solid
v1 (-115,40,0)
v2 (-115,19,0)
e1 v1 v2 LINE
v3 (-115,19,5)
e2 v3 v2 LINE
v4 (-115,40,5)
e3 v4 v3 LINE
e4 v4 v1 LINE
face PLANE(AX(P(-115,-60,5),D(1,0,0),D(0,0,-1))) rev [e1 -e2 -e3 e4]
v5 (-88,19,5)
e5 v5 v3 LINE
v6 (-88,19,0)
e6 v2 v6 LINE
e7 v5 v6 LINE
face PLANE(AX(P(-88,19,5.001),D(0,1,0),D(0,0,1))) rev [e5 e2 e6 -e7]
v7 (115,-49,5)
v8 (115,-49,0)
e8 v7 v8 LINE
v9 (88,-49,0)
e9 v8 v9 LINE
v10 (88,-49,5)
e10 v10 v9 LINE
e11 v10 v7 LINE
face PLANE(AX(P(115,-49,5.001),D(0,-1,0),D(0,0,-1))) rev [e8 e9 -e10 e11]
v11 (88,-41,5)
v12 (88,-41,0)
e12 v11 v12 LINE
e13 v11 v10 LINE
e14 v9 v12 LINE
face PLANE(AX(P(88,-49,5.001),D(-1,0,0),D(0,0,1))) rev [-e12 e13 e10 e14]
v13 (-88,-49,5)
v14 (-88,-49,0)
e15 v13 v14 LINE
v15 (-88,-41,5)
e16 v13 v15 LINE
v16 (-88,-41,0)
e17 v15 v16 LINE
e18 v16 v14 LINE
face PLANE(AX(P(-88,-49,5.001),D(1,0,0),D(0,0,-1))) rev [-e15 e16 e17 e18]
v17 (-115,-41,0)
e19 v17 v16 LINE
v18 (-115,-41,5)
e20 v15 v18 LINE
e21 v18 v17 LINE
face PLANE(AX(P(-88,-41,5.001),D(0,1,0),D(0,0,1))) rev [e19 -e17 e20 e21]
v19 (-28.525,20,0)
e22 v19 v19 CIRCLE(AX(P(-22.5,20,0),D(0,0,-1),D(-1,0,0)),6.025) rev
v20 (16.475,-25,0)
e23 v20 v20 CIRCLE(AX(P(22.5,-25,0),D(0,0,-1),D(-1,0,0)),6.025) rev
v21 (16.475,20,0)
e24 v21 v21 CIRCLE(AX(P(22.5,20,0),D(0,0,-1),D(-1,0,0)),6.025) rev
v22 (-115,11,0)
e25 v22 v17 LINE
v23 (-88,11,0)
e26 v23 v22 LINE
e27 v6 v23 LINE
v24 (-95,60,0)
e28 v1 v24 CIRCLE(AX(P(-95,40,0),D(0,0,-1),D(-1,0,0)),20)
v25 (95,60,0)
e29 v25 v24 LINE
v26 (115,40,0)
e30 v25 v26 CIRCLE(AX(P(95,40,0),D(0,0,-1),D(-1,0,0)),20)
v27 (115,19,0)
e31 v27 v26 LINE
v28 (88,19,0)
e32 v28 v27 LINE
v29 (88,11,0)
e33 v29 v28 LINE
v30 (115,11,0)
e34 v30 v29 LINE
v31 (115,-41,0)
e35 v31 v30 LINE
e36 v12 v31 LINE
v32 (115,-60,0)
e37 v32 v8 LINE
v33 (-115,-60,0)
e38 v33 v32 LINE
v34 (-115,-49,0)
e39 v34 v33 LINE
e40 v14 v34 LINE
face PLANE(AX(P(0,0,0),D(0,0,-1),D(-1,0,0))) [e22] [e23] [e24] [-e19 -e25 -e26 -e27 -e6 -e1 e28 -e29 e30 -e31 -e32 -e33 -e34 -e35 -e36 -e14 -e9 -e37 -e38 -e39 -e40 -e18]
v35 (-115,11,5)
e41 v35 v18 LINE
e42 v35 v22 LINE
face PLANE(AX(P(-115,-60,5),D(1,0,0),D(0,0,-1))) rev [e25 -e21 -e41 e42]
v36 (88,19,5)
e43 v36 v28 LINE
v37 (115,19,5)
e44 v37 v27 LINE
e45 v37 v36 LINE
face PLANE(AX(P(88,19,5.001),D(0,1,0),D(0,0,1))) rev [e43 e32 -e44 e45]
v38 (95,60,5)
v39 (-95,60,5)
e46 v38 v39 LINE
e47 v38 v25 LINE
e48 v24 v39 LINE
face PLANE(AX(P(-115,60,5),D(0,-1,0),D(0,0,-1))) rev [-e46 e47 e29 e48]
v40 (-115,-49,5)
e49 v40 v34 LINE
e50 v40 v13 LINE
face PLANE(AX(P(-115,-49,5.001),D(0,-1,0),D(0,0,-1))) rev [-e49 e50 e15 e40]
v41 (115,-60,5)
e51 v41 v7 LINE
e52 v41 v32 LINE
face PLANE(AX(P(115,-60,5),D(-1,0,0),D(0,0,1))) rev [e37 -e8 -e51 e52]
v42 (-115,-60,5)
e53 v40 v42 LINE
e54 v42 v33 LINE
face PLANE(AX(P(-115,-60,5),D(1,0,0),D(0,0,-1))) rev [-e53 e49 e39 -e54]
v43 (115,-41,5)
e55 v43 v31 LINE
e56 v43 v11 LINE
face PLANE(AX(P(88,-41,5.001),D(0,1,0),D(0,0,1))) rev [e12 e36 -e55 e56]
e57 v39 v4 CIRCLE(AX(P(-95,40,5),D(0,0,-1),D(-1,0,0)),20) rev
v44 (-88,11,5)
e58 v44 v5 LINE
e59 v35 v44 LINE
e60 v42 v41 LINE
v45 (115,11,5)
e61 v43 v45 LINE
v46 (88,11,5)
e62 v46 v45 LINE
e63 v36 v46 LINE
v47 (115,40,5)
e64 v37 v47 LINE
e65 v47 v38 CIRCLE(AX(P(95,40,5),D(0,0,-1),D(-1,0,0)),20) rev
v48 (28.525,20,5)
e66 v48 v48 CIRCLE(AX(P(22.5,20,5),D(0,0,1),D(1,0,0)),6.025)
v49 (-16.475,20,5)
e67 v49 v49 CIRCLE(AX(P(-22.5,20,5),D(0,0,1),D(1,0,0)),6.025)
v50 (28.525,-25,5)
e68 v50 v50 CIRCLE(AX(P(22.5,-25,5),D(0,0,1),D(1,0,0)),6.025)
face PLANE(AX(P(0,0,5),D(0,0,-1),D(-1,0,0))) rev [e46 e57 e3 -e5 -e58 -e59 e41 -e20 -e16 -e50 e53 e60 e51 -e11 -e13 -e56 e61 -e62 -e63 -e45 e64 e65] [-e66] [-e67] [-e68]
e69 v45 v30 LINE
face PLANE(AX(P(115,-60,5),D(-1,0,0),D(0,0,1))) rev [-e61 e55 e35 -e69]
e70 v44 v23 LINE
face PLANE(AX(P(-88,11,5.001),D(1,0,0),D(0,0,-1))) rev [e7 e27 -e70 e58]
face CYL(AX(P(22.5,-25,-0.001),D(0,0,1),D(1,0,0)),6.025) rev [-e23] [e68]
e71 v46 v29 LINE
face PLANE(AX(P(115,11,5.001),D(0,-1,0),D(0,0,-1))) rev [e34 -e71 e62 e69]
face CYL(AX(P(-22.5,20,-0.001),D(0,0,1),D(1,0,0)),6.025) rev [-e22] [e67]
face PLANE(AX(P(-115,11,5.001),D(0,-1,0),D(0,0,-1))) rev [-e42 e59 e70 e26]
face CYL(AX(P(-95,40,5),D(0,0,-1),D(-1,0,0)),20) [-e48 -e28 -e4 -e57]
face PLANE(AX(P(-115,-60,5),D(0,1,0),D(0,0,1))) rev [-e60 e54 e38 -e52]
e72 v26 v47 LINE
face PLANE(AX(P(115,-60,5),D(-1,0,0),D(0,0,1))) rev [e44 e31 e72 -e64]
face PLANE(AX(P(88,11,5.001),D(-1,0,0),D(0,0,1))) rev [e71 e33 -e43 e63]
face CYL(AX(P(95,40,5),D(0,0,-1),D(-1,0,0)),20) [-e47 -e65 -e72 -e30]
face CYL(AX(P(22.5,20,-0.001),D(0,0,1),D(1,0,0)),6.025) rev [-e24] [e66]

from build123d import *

# Parameters (mm, degrees)
SKETCH1_W           = 230
SKETCH1_H           = 120
BOSS_EXTRUDE1_DEPTH = 5
CUT_EXTRUDE1_REACH  = 131.808
SKETCH2_W           = 27
SKETCH2_H           = 8.000000001
CUT_EXTRUDE2_REACH  = 131.808
SKETCH3_R           = 6.025
FILLET1_R           = 20


with BuildPart() as part:
    # Sketch1 → Boss-Extrude1 (new body)
    with BuildSketch(Plane.XY):
        Rectangle(SKETCH1_W, SKETCH1_H)
    extrude(amount=BOSS_EXTRUDE1_DEPTH)

    # Sketch2 → Cut-Extrude1 (cut, up to next)
    with BuildSketch(Plane(origin=(0, 0, 0), x_dir=(-1, 0, 0), z_dir=(0, 0, -1)), mode=Mode.PRIVATE) as cut_extrude1_sk1:
        with Locations((101.5, 15.000000001)):
            Rectangle(SKETCH2_W, SKETCH2_H)
    cut_extrude1_tool1 = extrude(cut_extrude1_sk1.sketch, amount=-CUT_EXTRUDE1_REACH, mode=Mode.PRIVATE) & part.part
    # Sketch2 → Cut-Extrude1 (cut, up to next)
    with BuildSketch(Plane(origin=(0, 0, 0), x_dir=(-1, 0, 0), z_dir=(0, 0, -1)), mode=Mode.PRIVATE) as cut_extrude1_sk2:
        with Locations((101.5, -45.000000001)):
            Rectangle(SKETCH2_W, SKETCH2_H)
    cut_extrude1_tool2 = extrude(cut_extrude1_sk2.sketch, amount=-CUT_EXTRUDE1_REACH, mode=Mode.PRIVATE) & part.part
    # Sketch2 → Cut-Extrude1 (cut, up to next)
    with BuildSketch(Plane(origin=(0, 0, 0), x_dir=(-1, 0, 0), z_dir=(0, 0, -1)), mode=Mode.PRIVATE) as cut_extrude1_sk3:
        with Locations((-101.5, -45.000000001)):
            Rectangle(SKETCH2_W, SKETCH2_H)
    cut_extrude1_tool3 = extrude(cut_extrude1_sk3.sketch, amount=-CUT_EXTRUDE1_REACH, mode=Mode.PRIVATE) & part.part
    # Sketch2 → Cut-Extrude1 (cut, up to next)
    with BuildSketch(Plane(origin=(0, 0, 0), x_dir=(-1, 0, 0), z_dir=(0, 0, -1)), mode=Mode.PRIVATE) as cut_extrude1_sk4:
        with Locations((-101.5, 15.000000001)):
            Rectangle(SKETCH2_W, SKETCH2_H)
    cut_extrude1_tool4 = extrude(cut_extrude1_sk4.sketch, amount=-CUT_EXTRUDE1_REACH, mode=Mode.PRIVATE) & part.part
    add(cut_extrude1_tool1.solids().sort_by_distance((-101.5, 15, 0))[0], mode=Mode.SUBTRACT)
    add(cut_extrude1_tool2.solids().sort_by_distance((-101.5, -45, 0))[0], mode=Mode.SUBTRACT)
    add(cut_extrude1_tool3.solids().sort_by_distance((101.5, -45, 0))[0], mode=Mode.SUBTRACT)
    add(cut_extrude1_tool4.solids().sort_by_distance((101.5, 15, 0))[0], mode=Mode.SUBTRACT)

    # Sketch3 → Cut-Extrude2 (cut, up to next)
    with BuildSketch(Plane.XY.offset(5), mode=Mode.PRIVATE) as cut_extrude2_sk1:
        with Locations((22.5, 20)):
            Circle(SKETCH3_R)
    cut_extrude2_tool1 = extrude(cut_extrude2_sk1.sketch, amount=-CUT_EXTRUDE2_REACH, mode=Mode.PRIVATE) & part.part
    # Sketch3 → Cut-Extrude2 (cut, up to next)
    with BuildSketch(Plane.XY.offset(5), mode=Mode.PRIVATE) as cut_extrude2_sk2:
        with Locations((-22.5, 20)):
            Circle(SKETCH3_R)
    cut_extrude2_tool2 = extrude(cut_extrude2_sk2.sketch, amount=-CUT_EXTRUDE2_REACH, mode=Mode.PRIVATE) & part.part
    # Sketch3 → Cut-Extrude2 (cut, up to next)
    with BuildSketch(Plane.XY.offset(5), mode=Mode.PRIVATE) as cut_extrude2_sk3:
        with Locations((22.5, -25)):
            Circle(SKETCH3_R)
    cut_extrude2_tool3 = extrude(cut_extrude2_sk3.sketch, amount=-CUT_EXTRUDE2_REACH, mode=Mode.PRIVATE) & part.part
    add(cut_extrude2_tool1.solids().sort_by_distance((22.5, 20, 5))[0], mode=Mode.SUBTRACT)
    add(cut_extrude2_tool2.solids().sort_by_distance((-22.5, 20, 5))[0], mode=Mode.SUBTRACT)
    add(cut_extrude2_tool3.solids().sort_by_distance((22.5, -25, 5))[0], mode=Mode.SUBTRACT)

    # Fillet1
    fillet1_edges = [part.edges().sort_by_distance(p)[0] for p in [
        (-115, 60, 2.5),
        (115, 60, 2.5),
    ]]
    fillet(fillet1_edges, radius=FILLET1_R)


solid = part.part
